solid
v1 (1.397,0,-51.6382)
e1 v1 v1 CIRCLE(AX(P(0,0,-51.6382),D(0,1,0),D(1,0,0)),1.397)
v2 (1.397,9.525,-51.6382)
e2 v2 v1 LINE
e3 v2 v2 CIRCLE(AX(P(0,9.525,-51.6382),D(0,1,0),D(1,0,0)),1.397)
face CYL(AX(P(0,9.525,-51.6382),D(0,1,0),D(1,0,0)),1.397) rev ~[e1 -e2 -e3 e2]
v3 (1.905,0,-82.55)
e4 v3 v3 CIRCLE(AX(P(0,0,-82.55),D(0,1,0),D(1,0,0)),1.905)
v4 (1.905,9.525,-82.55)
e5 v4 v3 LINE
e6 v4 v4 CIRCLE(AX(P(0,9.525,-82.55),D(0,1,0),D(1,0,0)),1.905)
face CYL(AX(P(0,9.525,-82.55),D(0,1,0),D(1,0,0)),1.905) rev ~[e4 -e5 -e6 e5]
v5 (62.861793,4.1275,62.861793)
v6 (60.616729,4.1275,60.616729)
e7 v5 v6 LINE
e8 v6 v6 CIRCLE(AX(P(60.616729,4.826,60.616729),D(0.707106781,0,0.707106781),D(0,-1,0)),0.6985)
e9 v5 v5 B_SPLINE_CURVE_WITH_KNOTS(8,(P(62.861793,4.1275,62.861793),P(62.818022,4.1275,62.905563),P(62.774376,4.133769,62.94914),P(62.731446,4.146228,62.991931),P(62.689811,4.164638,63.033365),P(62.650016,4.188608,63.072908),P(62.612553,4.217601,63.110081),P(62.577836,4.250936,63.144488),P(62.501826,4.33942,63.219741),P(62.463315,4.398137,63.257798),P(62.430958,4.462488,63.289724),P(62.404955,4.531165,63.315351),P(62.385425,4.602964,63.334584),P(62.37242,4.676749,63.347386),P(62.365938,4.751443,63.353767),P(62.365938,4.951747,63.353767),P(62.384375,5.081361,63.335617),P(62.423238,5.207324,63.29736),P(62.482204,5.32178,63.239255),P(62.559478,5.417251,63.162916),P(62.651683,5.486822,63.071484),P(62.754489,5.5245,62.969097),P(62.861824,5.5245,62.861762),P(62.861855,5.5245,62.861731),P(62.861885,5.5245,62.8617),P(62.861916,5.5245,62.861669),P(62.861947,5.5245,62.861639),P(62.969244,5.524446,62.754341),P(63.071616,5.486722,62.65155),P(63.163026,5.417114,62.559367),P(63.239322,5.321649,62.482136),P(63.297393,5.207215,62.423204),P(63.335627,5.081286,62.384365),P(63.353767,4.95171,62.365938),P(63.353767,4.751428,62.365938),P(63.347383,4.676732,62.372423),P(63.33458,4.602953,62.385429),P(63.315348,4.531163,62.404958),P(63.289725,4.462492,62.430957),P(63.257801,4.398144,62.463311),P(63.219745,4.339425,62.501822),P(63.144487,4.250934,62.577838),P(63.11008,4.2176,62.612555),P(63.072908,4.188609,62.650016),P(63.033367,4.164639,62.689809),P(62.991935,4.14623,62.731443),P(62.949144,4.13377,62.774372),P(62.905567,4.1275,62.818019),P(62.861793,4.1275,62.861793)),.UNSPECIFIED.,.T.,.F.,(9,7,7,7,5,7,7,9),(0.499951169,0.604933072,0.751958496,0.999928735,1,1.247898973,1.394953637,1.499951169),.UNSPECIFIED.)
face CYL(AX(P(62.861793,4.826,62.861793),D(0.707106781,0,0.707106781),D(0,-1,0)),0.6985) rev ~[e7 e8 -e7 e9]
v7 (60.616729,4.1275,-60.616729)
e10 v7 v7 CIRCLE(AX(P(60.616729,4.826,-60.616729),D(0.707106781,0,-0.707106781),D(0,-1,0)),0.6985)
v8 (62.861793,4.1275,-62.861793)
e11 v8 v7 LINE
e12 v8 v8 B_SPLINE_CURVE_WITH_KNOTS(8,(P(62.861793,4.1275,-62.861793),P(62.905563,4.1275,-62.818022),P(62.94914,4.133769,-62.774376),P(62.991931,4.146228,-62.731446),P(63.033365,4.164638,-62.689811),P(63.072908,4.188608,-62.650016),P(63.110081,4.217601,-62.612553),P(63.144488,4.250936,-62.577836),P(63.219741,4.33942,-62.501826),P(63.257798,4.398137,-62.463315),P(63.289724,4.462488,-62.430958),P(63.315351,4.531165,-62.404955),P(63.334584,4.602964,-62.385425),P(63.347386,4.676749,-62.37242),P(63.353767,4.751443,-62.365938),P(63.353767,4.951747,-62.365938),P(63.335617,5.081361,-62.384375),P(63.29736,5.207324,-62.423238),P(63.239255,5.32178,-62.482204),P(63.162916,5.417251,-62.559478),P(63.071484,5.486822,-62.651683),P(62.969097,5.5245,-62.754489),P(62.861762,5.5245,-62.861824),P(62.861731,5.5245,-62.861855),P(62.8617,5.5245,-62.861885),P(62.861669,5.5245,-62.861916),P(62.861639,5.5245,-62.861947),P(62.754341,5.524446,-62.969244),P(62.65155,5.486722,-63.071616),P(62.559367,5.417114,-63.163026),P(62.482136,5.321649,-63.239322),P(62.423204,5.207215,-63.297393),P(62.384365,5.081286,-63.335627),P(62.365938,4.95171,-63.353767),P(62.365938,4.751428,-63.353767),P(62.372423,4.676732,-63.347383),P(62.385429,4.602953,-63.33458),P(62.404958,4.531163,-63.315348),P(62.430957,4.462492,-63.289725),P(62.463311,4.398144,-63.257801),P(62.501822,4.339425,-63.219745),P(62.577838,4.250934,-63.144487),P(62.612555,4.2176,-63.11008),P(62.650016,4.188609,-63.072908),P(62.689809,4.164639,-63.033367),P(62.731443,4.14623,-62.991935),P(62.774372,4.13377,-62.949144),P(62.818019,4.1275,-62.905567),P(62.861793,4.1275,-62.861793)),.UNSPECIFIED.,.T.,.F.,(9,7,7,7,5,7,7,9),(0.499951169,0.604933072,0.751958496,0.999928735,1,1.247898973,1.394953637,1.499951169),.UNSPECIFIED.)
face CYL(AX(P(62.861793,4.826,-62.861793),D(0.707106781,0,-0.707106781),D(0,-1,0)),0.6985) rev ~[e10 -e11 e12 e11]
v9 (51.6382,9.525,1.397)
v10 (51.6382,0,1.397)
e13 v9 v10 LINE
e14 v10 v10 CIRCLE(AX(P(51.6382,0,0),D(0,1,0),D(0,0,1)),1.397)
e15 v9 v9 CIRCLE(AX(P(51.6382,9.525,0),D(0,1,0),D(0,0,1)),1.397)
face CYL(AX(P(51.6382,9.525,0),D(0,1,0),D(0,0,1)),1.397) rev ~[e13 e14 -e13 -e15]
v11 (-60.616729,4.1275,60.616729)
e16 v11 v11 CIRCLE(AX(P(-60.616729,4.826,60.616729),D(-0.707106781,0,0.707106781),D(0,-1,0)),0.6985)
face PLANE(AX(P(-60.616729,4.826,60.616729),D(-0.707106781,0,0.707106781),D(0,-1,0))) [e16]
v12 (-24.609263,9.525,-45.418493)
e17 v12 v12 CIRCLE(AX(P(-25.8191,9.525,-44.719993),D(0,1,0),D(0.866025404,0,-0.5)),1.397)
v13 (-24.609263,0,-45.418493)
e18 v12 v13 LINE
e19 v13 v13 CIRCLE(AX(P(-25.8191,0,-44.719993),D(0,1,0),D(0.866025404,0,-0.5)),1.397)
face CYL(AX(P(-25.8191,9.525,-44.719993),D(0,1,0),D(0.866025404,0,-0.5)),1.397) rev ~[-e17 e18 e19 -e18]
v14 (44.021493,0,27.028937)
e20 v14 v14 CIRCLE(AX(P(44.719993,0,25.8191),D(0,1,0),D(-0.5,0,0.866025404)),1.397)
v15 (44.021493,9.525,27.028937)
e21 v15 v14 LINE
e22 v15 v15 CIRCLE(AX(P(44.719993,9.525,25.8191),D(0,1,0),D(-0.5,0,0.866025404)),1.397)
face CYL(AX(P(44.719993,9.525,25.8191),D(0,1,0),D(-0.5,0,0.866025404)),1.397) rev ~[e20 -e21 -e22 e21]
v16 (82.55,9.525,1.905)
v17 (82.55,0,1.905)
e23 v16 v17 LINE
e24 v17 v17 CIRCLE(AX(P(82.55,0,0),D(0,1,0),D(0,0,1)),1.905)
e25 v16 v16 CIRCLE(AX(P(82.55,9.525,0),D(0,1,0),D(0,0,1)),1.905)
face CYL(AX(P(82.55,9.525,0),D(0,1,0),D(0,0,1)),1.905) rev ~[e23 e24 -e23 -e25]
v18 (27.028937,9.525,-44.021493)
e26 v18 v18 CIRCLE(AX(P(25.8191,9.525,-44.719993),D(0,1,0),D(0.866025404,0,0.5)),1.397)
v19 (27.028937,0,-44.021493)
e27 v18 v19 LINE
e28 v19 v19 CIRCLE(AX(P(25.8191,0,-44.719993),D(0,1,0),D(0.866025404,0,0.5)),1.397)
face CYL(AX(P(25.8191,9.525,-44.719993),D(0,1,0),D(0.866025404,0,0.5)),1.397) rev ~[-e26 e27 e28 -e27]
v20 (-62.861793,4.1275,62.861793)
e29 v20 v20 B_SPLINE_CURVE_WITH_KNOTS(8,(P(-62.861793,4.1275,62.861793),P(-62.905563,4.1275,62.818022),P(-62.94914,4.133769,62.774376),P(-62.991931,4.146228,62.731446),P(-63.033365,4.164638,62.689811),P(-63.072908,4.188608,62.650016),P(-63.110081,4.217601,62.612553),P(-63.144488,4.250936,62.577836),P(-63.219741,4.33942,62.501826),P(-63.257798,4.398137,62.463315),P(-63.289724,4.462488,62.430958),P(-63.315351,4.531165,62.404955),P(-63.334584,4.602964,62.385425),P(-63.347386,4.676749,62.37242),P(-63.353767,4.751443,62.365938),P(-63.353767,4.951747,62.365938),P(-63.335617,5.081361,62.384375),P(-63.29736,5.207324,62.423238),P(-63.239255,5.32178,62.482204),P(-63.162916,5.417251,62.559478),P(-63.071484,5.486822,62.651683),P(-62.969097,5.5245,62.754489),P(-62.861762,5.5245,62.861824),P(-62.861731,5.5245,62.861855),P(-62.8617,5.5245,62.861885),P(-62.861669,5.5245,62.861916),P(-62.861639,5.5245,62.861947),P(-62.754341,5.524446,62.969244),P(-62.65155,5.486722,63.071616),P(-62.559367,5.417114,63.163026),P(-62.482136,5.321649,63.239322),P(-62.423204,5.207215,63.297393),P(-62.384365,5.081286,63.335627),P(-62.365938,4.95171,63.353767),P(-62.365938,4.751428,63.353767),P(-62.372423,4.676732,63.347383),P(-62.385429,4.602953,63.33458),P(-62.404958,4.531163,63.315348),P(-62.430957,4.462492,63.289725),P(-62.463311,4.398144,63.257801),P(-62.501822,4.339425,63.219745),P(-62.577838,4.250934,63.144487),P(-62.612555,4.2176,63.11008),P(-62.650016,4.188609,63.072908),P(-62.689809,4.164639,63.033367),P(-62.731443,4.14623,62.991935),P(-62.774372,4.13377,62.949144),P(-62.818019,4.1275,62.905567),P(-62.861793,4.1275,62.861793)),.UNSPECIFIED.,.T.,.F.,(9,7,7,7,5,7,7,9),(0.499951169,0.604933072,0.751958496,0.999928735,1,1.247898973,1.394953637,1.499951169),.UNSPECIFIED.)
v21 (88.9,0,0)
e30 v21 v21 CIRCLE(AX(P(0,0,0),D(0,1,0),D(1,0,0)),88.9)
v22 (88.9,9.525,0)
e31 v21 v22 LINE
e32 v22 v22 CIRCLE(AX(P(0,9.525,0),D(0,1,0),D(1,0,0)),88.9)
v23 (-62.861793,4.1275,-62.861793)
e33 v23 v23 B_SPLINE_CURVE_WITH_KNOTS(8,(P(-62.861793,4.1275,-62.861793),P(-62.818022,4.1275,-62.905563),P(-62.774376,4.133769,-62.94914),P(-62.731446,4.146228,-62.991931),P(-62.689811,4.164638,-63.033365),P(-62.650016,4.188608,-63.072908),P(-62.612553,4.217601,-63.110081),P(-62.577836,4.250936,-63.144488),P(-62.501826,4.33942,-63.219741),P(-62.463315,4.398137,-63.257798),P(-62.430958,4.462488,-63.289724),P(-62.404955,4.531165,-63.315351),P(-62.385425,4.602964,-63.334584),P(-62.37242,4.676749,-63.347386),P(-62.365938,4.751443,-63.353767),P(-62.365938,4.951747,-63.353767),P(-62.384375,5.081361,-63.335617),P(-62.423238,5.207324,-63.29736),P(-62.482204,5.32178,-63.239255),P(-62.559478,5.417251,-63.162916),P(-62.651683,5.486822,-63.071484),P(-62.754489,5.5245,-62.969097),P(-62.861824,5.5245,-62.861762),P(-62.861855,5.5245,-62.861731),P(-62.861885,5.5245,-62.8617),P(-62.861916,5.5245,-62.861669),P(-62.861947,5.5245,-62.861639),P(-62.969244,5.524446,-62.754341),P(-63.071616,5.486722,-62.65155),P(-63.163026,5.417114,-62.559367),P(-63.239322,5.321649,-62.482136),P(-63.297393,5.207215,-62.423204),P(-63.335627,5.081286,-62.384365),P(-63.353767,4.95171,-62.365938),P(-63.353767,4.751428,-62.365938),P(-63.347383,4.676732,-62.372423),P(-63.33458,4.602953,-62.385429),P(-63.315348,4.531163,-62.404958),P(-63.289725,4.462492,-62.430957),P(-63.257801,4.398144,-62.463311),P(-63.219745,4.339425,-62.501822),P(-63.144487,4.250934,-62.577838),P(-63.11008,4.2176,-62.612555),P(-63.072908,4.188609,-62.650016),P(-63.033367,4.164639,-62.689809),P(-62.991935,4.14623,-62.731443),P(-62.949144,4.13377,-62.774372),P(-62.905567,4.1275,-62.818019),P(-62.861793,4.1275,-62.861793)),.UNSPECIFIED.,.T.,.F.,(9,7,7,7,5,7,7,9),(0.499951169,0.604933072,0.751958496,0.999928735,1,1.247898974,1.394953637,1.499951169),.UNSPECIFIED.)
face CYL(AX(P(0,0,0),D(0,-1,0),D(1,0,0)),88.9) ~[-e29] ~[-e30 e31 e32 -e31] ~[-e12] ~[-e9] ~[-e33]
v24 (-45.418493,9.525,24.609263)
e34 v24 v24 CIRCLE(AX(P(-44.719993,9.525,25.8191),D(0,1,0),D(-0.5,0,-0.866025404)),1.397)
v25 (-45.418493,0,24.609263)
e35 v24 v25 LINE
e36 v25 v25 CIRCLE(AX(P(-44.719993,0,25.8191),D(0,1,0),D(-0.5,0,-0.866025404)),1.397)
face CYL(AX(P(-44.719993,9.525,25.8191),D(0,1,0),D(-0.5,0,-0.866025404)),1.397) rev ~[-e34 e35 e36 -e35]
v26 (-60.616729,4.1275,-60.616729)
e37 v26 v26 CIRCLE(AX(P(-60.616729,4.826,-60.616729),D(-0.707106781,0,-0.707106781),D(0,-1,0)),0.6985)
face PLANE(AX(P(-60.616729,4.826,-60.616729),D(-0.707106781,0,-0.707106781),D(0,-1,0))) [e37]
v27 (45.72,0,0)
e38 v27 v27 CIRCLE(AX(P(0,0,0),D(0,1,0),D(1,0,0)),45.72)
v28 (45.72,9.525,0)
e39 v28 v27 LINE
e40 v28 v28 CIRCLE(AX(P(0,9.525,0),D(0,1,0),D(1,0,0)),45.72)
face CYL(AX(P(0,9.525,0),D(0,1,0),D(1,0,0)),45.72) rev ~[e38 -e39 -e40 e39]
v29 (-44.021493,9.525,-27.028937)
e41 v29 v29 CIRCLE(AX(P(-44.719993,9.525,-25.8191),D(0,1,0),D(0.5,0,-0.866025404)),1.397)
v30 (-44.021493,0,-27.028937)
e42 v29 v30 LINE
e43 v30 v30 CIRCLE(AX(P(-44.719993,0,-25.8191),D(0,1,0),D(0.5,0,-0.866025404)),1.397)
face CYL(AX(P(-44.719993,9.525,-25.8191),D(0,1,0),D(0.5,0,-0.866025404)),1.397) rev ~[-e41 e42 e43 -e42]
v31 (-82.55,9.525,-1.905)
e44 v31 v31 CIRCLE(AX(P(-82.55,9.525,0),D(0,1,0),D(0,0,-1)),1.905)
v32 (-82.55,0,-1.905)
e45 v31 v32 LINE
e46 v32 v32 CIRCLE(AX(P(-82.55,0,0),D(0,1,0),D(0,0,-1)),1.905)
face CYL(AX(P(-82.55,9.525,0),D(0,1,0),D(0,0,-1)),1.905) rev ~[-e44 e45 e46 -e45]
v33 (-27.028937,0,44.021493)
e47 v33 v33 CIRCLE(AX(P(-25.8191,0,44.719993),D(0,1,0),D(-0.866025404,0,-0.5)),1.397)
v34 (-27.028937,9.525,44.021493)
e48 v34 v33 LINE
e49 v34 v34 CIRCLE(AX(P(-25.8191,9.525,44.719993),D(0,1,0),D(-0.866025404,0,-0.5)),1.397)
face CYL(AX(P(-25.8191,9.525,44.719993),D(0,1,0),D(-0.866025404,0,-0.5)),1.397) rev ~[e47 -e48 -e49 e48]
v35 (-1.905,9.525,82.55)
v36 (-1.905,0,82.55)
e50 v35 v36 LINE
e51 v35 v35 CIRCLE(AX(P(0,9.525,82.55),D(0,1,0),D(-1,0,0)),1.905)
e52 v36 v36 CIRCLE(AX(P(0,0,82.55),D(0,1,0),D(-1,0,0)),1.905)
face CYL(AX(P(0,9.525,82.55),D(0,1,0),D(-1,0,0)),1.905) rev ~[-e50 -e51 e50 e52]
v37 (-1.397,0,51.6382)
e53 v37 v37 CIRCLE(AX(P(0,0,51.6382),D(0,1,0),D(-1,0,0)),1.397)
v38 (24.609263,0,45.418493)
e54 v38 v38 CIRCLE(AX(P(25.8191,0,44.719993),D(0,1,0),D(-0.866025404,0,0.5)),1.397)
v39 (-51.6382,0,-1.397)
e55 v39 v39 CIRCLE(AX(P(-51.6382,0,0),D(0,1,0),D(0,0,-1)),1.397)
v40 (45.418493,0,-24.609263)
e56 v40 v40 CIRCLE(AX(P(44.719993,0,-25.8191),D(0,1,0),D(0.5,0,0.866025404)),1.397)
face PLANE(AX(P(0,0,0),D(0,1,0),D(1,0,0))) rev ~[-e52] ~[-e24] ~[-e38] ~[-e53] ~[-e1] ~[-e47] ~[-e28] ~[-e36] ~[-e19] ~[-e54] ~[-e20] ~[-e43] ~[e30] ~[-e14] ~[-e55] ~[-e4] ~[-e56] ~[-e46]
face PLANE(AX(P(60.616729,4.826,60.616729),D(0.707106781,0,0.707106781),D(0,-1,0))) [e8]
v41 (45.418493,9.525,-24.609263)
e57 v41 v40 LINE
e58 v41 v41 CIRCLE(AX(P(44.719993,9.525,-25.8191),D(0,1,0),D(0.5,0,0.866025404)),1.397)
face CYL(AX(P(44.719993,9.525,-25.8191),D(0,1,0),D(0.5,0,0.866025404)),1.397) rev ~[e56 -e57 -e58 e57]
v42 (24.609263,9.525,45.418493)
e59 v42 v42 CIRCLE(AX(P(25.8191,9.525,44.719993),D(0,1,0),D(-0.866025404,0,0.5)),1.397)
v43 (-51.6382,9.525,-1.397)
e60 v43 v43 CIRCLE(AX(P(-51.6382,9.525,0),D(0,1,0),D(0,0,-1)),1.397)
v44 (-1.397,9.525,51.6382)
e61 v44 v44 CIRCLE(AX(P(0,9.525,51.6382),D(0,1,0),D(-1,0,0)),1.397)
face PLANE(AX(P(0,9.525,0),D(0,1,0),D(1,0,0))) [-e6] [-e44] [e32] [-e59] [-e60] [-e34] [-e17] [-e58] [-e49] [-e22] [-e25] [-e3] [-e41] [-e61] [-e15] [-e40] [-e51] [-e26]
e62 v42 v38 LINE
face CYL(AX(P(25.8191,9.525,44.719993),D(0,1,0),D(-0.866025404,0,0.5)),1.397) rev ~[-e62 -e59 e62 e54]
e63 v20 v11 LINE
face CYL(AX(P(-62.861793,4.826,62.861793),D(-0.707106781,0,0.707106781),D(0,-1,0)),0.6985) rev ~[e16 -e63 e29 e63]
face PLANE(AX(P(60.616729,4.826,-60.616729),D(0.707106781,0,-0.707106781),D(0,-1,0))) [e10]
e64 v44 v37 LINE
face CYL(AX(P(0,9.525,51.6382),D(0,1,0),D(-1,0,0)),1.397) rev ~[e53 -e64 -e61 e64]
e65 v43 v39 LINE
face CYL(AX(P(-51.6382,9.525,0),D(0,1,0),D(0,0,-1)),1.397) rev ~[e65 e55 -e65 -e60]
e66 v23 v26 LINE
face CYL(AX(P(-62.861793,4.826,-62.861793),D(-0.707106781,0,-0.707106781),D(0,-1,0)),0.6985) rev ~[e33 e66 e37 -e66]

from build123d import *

# Parameters (mm, degrees)
SKETCH1_R           = 88.9
BOSS_EXTRUDE1_DEPTH = 9.525
SKETCH2_R           = 45.72
CUT_EXTRUDE1_DEPTH  = 12.7
SKETCH3_R           = 1.397
CUT_EXTRUDE2_DEPTH  = 12.7
CIRPATTERN1_COUNT   = 12
SKETCH4_R           = 1.905
CUT_EXTRUDE3_DEPTH  = 12.7
CIRPATTERN2_COUNT   = 4
SKETCH10_R          = 0.6985
CUT_EXTRUDE5_DEPTH  = 3.175
CIRPATTERN5_COUNT   = 4


with BuildPart() as part:
    # Sketch1 → Boss-Extrude1 (new body)
    with BuildSketch(Plane(origin=(0, 0, 0), x_dir=(1, 0, 0), z_dir=(0, 1, 0))):
        Circle(SKETCH1_R)
    extrude(amount=BOSS_EXTRUDE1_DEPTH)

    # Sketch2 → Cut-Extrude1 (cut)
    with BuildSketch(Plane(origin=(0, 9.525, 0), x_dir=(1, 0, 0), z_dir=(0, 1, 0))):
        Circle(SKETCH2_R)
    extrude(amount=-CUT_EXTRUDE1_DEPTH, mode=Mode.SUBTRACT)

    # Sketch3 → Cut-Extrude2 (cut)
    with BuildSketch(Plane(origin=(0, 9.525, 0), x_dir=(1, 0, 0), z_dir=(0, 1, 0))):
        with Locations((0, 51.6382)):
            Circle(SKETCH3_R)
    cut_extrude2 = extrude(amount=-CUT_EXTRUDE2_DEPTH, mode=Mode.SUBTRACT)

    # CirPattern1: Cut-Extrude2 ×12 about axis
    cirpattern1_axis = Axis((0, 0, 0), (0, 1, 0))
    for i in range(1, CIRPATTERN1_COUNT):
        add(cut_extrude2.rotate(cirpattern1_axis, i * 360 / CIRPATTERN1_COUNT), mode=Mode.SUBTRACT)

    # Sketch4 → Cut-Extrude3 (cut)
    with BuildSketch(Plane(origin=(0, 9.525, 0), x_dir=(1, 0, 0), z_dir=(0, 1, 0))):
        with Locations((0, 82.55)):
            Circle(SKETCH4_R)
    cut_extrude3 = extrude(amount=-CUT_EXTRUDE3_DEPTH, mode=Mode.SUBTRACT)

    # CirPattern2: Cut-Extrude3 ×4 about axis
    cirpattern2_axis = Axis((0, 0, 0), (0, 1, 0))
    for i in range(1, CIRPATTERN2_COUNT):
        add(cut_extrude3.rotate(cirpattern2_axis, i * 360 / CIRPATTERN2_COUNT), mode=Mode.SUBTRACT)

    # Sketch10 → Cut-Extrude5 (cut)
    with BuildSketch(Plane(origin=(-62.861792847, 0, -62.861792847), x_dir=(0, -1, 0), z_dir=(-0.707106781, 0, -0.707106781))):
        with Locations((-4.826, 0)):
            Circle(SKETCH10_R)
    cut_extrude5 = extrude(amount=-CUT_EXTRUDE5_DEPTH, mode=Mode.SUBTRACT)

    # CirPattern5: Cut-Extrude5 ×4 about axis
    cirpattern5_axis = Axis((0, 0, 0), (0, 1, 0))
    for i in range(1, CIRPATTERN5_COUNT):
        add(cut_extrude5.rotate(cirpattern5_axis, i * 360 / CIRPATTERN5_COUNT), mode=Mode.SUBTRACT)


solid = part.part
